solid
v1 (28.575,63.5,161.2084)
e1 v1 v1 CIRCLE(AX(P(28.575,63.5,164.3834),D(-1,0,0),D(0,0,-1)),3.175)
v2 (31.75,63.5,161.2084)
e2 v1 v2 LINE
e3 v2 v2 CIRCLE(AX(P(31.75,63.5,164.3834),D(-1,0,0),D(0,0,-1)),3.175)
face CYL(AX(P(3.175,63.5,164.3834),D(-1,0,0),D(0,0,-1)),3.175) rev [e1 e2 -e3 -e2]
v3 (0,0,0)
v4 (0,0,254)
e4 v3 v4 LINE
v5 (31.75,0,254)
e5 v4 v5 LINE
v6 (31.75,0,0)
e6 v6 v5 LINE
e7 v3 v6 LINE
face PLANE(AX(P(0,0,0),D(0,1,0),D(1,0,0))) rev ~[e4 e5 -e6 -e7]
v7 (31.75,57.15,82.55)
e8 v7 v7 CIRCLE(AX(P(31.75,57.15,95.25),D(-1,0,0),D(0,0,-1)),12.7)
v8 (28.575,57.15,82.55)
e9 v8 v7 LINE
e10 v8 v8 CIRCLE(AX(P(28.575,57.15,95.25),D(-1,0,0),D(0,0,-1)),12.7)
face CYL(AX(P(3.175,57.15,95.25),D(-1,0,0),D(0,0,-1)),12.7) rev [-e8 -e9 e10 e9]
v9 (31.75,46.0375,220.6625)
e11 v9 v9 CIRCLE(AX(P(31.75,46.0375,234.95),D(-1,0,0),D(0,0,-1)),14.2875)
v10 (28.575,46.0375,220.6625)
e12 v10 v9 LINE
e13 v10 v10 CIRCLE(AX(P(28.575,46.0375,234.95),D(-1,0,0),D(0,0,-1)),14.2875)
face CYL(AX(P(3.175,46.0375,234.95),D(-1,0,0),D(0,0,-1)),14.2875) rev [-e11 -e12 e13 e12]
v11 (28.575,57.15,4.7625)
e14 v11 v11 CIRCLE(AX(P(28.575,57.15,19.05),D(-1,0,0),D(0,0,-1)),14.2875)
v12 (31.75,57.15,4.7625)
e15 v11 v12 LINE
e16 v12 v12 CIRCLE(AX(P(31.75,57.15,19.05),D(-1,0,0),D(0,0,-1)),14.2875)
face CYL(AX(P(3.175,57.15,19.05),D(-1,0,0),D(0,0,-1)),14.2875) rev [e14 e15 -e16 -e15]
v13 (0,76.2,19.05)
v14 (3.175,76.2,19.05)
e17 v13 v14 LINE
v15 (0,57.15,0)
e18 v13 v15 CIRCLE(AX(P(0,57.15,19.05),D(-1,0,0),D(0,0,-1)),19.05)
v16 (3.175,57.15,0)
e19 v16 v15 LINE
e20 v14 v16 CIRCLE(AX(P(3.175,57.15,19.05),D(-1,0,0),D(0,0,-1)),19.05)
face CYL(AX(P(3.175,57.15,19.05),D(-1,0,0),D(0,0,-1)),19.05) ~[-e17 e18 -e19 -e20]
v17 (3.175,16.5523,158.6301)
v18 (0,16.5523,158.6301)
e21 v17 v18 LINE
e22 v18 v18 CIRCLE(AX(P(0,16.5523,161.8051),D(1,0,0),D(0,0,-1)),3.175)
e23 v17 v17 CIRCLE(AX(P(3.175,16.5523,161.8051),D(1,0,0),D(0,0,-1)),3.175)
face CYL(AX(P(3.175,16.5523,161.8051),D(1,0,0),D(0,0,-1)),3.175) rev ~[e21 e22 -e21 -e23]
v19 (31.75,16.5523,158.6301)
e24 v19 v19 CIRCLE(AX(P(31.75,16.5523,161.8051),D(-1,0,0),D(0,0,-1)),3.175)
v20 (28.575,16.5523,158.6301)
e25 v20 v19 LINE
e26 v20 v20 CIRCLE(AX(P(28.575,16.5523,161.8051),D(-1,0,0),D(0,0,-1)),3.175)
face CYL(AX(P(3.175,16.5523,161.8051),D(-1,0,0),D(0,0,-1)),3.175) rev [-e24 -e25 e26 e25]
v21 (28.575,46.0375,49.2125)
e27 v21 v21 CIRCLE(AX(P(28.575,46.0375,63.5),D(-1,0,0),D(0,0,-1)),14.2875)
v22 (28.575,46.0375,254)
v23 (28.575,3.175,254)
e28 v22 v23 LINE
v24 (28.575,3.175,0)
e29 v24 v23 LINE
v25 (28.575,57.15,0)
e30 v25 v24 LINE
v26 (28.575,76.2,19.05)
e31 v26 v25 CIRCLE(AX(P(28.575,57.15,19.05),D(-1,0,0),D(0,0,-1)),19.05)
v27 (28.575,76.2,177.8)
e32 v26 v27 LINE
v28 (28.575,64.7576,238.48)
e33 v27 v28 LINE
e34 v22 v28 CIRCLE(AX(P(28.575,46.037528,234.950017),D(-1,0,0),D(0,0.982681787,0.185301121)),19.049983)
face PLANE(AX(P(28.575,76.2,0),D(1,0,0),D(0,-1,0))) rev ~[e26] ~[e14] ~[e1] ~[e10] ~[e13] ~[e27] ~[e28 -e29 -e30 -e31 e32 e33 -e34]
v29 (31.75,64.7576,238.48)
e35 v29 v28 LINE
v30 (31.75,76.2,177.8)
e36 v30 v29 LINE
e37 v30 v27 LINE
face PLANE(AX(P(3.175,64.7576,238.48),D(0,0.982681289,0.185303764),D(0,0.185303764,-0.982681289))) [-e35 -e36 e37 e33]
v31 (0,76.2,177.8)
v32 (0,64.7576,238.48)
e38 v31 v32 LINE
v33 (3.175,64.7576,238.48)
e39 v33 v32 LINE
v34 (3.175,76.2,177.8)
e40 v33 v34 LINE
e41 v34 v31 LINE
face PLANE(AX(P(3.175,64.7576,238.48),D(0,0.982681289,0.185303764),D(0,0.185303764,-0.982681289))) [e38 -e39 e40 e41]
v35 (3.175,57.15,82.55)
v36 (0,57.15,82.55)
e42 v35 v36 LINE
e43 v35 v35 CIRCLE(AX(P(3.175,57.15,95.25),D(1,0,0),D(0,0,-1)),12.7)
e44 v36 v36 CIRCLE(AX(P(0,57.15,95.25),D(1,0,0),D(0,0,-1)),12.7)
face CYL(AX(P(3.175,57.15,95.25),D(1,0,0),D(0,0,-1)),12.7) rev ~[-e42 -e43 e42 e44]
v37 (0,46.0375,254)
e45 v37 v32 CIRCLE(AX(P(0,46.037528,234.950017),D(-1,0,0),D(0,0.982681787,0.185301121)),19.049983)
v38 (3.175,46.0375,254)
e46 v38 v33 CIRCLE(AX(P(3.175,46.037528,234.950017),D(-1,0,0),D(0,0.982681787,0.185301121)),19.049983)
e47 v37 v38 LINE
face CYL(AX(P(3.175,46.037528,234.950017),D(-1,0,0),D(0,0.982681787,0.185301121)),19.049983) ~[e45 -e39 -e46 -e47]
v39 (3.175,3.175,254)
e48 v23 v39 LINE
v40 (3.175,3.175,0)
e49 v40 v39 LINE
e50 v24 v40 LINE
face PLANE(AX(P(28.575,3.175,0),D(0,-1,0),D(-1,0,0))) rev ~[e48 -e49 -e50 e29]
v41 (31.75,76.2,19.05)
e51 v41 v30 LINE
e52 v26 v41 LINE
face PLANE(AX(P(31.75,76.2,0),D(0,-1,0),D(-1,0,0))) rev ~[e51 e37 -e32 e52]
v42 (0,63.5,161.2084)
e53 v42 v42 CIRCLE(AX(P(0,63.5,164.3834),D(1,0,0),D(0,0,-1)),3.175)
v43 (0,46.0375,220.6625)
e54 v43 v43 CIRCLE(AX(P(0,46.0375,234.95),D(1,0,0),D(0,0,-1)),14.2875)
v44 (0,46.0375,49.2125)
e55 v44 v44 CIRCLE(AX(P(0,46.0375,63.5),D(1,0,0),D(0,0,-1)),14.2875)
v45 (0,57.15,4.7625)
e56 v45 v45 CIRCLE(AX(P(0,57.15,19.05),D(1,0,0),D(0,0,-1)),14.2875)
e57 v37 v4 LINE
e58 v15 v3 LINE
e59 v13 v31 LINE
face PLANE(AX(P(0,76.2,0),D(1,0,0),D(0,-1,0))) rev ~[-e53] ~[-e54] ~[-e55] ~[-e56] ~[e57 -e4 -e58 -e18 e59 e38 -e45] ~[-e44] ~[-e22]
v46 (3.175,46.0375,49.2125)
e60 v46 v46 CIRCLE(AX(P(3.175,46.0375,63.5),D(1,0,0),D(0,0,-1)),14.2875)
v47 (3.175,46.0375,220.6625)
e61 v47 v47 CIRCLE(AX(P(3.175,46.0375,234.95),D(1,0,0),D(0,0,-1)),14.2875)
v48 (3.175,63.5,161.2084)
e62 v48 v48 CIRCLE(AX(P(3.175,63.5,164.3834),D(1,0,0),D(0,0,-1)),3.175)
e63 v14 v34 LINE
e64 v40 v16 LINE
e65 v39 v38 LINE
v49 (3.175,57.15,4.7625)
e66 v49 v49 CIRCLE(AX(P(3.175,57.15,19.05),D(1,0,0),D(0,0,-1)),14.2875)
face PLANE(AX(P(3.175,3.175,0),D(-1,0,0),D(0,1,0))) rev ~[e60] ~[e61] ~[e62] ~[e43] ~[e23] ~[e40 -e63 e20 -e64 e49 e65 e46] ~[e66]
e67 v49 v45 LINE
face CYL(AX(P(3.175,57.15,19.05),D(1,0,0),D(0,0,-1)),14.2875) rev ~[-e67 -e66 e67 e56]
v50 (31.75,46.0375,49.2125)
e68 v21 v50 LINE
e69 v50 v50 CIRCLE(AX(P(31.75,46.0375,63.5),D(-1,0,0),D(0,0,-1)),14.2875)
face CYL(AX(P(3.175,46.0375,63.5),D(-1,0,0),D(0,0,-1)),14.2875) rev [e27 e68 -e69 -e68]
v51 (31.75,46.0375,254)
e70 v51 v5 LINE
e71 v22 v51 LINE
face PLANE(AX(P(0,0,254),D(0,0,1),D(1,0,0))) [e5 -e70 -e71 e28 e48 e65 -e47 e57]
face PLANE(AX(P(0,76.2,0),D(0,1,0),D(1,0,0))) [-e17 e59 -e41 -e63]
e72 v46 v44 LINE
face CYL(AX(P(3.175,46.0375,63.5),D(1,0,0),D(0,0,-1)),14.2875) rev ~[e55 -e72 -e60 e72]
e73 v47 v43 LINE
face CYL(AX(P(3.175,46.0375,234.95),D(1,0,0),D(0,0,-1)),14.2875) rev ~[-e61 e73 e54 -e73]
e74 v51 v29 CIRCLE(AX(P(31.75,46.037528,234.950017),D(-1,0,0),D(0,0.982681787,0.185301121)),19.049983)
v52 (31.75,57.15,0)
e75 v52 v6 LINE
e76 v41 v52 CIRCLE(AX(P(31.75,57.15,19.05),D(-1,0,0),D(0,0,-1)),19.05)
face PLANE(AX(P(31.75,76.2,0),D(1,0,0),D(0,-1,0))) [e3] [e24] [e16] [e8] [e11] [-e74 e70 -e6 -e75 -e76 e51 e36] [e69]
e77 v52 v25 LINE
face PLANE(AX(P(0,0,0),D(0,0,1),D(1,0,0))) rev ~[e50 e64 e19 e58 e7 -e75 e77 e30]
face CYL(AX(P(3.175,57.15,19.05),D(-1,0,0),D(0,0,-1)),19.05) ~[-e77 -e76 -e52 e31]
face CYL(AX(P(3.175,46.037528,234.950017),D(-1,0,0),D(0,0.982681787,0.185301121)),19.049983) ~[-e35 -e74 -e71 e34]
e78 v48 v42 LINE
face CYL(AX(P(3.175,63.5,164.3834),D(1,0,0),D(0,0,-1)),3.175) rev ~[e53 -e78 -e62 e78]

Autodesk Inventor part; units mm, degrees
ref_plane "YZ Plane" through (0, 0, 0) normal (1, 0, 0) x (0, 1, 0)
ref_plane "XZ Plane" through (0, 0, 0) normal (0, 1, 0) x (-1, 0, 0)
ref_plane "XY Plane" through (0, 0, 0) normal (0, 0, 1) x (1, 0, 0)
sketch "Sketch1" plane through (0, 0, 0) normal (0, 0, 1) x (1, 0, 0)
  line L0 (0, 0) -> (31.75, 0)
  line L1 (0, 76.2) -> (0, 0)
  line L2 (3.175, 3.175) -> (3.175, 76.2)
  line L3 (0, 76.2) -> (3.175, 76.2)
  line L4 (31.75, 76.2) -> (31.75, 0)
  line L5 (31.75, 76.2) -> (28.575, 76.2)
  line L6 (28.575, 76.2) -> (28.575, 3.175)
  line L7 (28.575, 3.175) -> (3.175, 3.175)
  dimension "d0" = 76.2
  dimension "d1" = 31.75
  dimension "d2" = 3.175
  dimension "d20" = 3.175
  dimension "d21" = 3.175
extrude "Extrusion1" add sketch "Sketch1" along normal blind 254
sketch "Sketch2" plane through (3.175, 3.175, 0) normal (1, 0, 0) x (0, 0, -1)
  line L0 (-254, 73.025) -> (-254, 0) projected
  line L1 (0, 73.025) -> (-254, 73.025) projected
  line L2 (0, 73.025) -> (-254, 73.025) projected
  line L3 (0, -3.175) -> (-254, -3.175) projected
  line L4 (-254, 0) -> (-254, -3.175) projected
  line L5 (0, -3.175) -> (0, 0) projected
  circle A0 centre (-164.3834, 60.325) radius 3.175
  line L6 (0, 0) -> (0, 73.025) projected
  arc A1 (0, 53.975) -> (-19.05, 73.025) centre (-19.05, 53.975) ccw
  circle A2 centre (-19.05, 53.975) radius 14.2875
  line L7 (0, 0) -> (-254, 0) projected
  line L8 (-177.8, 73.025) -> (-173.7896, 0) construction
  line L9 (-173.7896, 0) -> (-148.4278, 1.3928) construction
  line L10 (-148.4278, 1.3928) -> (-152.3617, 73.025) construction
  circle A3 centre (-161.8051, 13.3773) radius 3.175
  circle A4 centre (-95.25, 53.975) radius 12.7
  circle A5 centre (-234.95, 42.8625) radius 14.2875
  circle A6 centre (-19.05, 53.975) radius 38.1 construction
  circle A7 centre (-63.5, 42.8625) radius 14.2875
  arc A8 (-238.48, 61.5826) -> (-254, 42.8625) centre (-234.95, 42.8625) ccw
  line L11 (-238.48, 61.5826) -> (-177.8, 73.025)
  dimension "d8" = 76.2
  dimension "d9" = 12.7
  dimension "d13" = 6.35
  dimension "d17" = 19.05
  dimension "d18" = 28.575
  dimension "d22" = 25.4
  dimension "d23" = 12.7
  dimension "d24" = 12.7
  dimension "d25" = 12.7
  dimension "d26" = 6.35
  dimension "d27" = 12.7
  dimension "d28" = 76.2
  dimension "d29" = 25.4
  dimension "d30" = 28.575
  dimension "d31" = 46.0375
  dimension "d32" = 19.05
  dimension "d33" = 76.2
  dimension "d34" = 28.575
  dimension "d35" = 63.5
extrude "Extrusion2" cut sketch "Sketch2" along normal through all both and the other way through all contours L1 L11 A8 L0 | L1 L6 A1 | A0 | A2 | A3 | A4 | A5 | A7
equation "\"d20\" = d2"
equation "\"d21\" = d20"
equation "\"d23\" = 0.5 * d22"
equation "\"d24\" = d23"
equation "\"d26\" = d13"
equation "\"d34\" = d30"
properties part number "apendage L bracket left"
